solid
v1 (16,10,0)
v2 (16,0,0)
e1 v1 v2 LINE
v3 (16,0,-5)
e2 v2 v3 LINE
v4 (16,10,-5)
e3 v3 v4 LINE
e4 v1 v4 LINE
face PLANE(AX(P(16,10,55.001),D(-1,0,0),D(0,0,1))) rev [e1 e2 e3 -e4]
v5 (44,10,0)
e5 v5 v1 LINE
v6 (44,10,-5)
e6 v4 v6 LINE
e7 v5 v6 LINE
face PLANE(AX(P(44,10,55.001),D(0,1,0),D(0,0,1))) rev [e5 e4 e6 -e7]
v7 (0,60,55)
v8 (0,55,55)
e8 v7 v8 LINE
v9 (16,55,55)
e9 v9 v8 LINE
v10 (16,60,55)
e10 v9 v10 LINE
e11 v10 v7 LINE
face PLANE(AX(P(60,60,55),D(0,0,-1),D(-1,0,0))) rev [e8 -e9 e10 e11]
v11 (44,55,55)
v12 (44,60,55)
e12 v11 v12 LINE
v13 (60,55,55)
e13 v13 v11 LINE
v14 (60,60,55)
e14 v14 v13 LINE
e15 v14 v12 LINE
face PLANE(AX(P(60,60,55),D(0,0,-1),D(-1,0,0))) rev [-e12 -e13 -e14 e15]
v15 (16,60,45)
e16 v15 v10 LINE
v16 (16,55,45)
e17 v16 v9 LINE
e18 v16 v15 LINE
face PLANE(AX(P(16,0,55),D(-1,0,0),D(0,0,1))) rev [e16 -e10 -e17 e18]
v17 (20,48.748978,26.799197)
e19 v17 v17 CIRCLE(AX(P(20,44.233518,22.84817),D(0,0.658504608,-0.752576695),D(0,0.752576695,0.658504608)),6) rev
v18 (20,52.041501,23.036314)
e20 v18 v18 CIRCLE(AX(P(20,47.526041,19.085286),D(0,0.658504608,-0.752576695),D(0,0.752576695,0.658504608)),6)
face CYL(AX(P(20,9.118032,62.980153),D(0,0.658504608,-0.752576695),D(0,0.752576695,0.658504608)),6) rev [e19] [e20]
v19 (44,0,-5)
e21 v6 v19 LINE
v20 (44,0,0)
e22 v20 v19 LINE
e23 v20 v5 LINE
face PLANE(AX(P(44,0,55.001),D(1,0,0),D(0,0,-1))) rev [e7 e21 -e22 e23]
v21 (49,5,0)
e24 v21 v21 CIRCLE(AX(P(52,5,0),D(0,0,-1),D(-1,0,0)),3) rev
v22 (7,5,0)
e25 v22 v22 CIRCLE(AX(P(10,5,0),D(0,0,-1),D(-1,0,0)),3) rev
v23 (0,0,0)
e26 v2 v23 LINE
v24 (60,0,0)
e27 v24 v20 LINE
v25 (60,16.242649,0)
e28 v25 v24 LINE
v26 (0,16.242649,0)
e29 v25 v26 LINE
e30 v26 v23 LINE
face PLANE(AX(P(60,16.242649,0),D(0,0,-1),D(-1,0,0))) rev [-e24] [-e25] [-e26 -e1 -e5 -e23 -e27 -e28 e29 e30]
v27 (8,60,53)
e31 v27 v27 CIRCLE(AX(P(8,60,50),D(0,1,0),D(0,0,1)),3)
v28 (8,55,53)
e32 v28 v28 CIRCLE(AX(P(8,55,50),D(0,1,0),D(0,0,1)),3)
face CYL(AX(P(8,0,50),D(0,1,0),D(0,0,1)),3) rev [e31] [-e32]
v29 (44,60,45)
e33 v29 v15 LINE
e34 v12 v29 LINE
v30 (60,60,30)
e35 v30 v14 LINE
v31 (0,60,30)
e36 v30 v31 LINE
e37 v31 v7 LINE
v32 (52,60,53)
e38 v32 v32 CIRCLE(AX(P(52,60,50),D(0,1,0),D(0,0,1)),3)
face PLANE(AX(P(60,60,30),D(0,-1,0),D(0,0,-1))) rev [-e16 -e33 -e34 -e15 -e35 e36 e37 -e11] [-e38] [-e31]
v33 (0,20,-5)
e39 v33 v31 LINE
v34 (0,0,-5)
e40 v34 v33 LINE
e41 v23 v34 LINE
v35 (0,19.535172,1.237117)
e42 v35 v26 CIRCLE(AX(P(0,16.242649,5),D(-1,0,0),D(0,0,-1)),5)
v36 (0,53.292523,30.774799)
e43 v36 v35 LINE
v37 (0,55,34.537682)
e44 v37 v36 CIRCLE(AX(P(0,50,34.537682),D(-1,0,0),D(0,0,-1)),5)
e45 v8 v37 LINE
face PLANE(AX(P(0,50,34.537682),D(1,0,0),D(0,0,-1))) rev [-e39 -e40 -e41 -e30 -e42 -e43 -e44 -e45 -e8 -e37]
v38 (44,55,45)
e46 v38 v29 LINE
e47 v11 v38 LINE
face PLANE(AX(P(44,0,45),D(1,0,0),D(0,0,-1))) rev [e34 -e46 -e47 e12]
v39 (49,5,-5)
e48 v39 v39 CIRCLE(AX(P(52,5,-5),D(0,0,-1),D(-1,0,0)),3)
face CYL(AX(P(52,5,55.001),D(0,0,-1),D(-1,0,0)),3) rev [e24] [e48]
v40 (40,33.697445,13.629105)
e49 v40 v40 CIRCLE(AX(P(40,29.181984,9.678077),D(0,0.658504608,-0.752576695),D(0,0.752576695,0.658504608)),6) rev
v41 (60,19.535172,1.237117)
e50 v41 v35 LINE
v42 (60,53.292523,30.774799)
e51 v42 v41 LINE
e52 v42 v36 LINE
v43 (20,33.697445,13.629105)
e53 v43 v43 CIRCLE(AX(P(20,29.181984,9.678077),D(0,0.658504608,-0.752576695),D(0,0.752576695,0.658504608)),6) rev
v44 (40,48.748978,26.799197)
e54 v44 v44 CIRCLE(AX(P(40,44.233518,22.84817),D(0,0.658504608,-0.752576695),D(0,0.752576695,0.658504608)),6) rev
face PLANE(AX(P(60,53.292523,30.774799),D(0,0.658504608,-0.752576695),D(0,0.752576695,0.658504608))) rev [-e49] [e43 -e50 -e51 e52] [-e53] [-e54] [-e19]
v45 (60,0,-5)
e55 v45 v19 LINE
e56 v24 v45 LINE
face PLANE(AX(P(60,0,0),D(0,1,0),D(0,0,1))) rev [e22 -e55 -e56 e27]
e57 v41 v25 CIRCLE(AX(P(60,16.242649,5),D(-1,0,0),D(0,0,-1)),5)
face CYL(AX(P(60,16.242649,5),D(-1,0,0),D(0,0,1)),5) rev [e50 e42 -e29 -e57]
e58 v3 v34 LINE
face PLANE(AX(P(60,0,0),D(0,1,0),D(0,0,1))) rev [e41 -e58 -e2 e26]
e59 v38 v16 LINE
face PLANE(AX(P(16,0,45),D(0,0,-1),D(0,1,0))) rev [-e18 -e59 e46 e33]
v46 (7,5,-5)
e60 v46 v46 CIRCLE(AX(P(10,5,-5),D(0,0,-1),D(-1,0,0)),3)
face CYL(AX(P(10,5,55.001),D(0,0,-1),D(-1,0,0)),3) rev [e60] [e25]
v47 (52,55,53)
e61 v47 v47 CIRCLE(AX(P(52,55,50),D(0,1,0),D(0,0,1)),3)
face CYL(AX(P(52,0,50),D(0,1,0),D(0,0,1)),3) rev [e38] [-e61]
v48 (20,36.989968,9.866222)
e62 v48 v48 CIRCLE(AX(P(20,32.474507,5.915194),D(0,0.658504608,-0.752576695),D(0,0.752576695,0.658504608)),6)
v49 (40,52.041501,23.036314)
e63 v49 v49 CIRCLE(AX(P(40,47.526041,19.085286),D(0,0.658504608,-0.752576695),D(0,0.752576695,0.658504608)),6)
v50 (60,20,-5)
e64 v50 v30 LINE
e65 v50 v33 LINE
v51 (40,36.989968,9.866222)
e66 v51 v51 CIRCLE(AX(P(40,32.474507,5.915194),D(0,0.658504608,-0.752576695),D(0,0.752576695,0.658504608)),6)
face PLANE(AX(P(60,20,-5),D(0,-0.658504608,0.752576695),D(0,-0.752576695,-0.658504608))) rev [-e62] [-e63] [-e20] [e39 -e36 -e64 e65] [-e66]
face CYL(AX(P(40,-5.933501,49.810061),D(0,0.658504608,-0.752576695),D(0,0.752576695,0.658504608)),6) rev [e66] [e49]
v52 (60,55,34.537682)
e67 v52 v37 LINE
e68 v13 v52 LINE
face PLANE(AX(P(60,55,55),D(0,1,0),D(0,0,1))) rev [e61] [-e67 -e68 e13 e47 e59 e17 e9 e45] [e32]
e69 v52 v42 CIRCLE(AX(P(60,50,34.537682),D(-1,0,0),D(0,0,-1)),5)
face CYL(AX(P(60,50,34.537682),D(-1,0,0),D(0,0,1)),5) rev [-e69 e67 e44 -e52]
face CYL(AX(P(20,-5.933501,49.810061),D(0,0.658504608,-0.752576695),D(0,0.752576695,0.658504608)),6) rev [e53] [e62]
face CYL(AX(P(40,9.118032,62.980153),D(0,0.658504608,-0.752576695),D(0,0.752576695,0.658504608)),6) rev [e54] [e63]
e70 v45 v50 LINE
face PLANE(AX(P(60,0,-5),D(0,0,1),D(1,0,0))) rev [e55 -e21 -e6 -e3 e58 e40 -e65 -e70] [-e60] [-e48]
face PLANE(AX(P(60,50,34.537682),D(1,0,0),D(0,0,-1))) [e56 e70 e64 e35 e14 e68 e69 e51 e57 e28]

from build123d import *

# Parameters (mm, degrees)
BOSS_EXTRUDE1_DEPTH = 60
CUT_EXTRUDE1_REACH  = 104.837
SKETCH2_R           = 6
CUT_EXTRUDE2_REACH  = 105.923
SKETCH3_R           = 3
SKETCH3_W           = 28
SKETCH3_H           = 10
SKETCH4_R           = 3
SKETCH4_W           = 28
SKETCH4_H           = 10
CUT_EXTRUDE3_DEPTH  = 60


with BuildPart() as part:
    # Sketch1 → Boss-Extrude1 (new body)
    with BuildSketch(Plane(origin=(0, 0, 0), x_dir=(0, 0, -1), z_dir=(1, 0, 0))):
        with BuildLine():
            Line((-55, 60), (-55, 55))
            Line((-55, 55), (-34.537682266, 55))
            ThreePointArc((-34.537682266, 55), (-32.471600854, 54.55316457), (-30.774798792, 53.292523039))
            Line((-30.774798792, 53.292523039), (-1.237116526, 19.535171878))
            ThreePointArc((-1.237116526, 19.535171878), (-0.31948628, 18.001282205), (0, 16.242648839))
            Line((0, 16.242648839), (0, 0))
            Line((0, 0), (5, 0))
            Line((5, 0), (5, 20))
            Line((5, 20), (-30, 60))
            Line((-30, 60), (-55, 60))
        make_face()
    extrude(amount=BOSS_EXTRUDE1_DEPTH)

    # Sketch2 → Cut-Extrude1 (cut, up to next)
    with BuildSketch(Plane(origin=(0, 11.150442478, -12.743362832), x_dir=(-1, 0, 0), z_dir=(0, 0.6585046078685178, -0.752576694706878)), mode=Mode.PRIVATE) as cut_extrude1_sk1:
        with Locations(Location((-40, 48.334739918, 0), (0, 0, 90))):
            Circle(SKETCH2_R)
    cut_extrude1_tool1 = extrude(cut_extrude1_sk1.sketch, amount=-CUT_EXTRUDE1_REACH, mode=Mode.PRIVATE) & part.part
    # Sketch2 → Cut-Extrude1 (cut, up to next)
    with BuildSketch(Plane(origin=(0, 11.150442478, -12.743362832), x_dir=(-1, 0, 0), z_dir=(0, 0.6585046078685178, -0.752576694706878)), mode=Mode.PRIVATE) as cut_extrude1_sk2:
        with Locations(Location((-40, 28.334739918, 0), (0, 0, 90))):
            Circle(SKETCH2_R)
    cut_extrude1_tool2 = extrude(cut_extrude1_sk2.sketch, amount=-CUT_EXTRUDE1_REACH, mode=Mode.PRIVATE) & part.part
    # Sketch2 → Cut-Extrude1 (cut, up to next)
    with BuildSketch(Plane(origin=(0, 11.150442478, -12.743362832), x_dir=(-1, 0, 0), z_dir=(0, 0.6585046078685178, -0.752576694706878)), mode=Mode.PRIVATE) as cut_extrude1_sk3:
        with Locations(Location((-20, 48.334739918, 0), (0, 0, 90))):
            Circle(SKETCH2_R)
    cut_extrude1_tool3 = extrude(cut_extrude1_sk3.sketch, amount=-CUT_EXTRUDE1_REACH, mode=Mode.PRIVATE) & part.part
    # Sketch2 → Cut-Extrude1 (cut, up to next)
    with BuildSketch(Plane(origin=(0, 11.150442478, -12.743362832), x_dir=(-1, 0, 0), z_dir=(0, 0.6585046078685178, -0.752576694706878)), mode=Mode.PRIVATE) as cut_extrude1_sk4:
        with Locations(Location((-20, 28.334739918, 0), (0, 0, 90))):
            Circle(SKETCH2_R)
    cut_extrude1_tool4 = extrude(cut_extrude1_sk4.sketch, amount=-CUT_EXTRUDE1_REACH, mode=Mode.PRIVATE) & part.part
    add(cut_extrude1_tool1.solids().sort_by_distance((40, 47.526041, 19.085286))[0], mode=Mode.SUBTRACT)
    add(cut_extrude1_tool2.solids().sort_by_distance((40, 32.474507, 5.915194))[0], mode=Mode.SUBTRACT)
    add(cut_extrude1_tool3.solids().sort_by_distance((20, 47.526041, 19.085286))[0], mode=Mode.SUBTRACT)
    add(cut_extrude1_tool4.solids().sort_by_distance((20, 32.474507, 5.915194))[0], mode=Mode.SUBTRACT)

    # Sketch3 → Cut-Extrude2 (cut, up to next)
    with BuildSketch(Plane(origin=(0, 0, -5), x_dir=(-1, 0, 0), z_dir=(0, 0, -1)), mode=Mode.PRIVATE) as cut_extrude2_sk1:
        with Locations((-52, 5)):
            Circle(SKETCH3_R)
    cut_extrude2_tool1 = extrude(cut_extrude2_sk1.sketch, amount=-CUT_EXTRUDE2_REACH, mode=Mode.PRIVATE) & part.part
    # Sketch3 → Cut-Extrude2 (cut, up to next)
    with BuildSketch(Plane(origin=(0, 0, -5), x_dir=(-1, 0, 0), z_dir=(0, 0, -1)), mode=Mode.PRIVATE) as cut_extrude2_sk2:
        with Locations((-10, 5)):
            Circle(SKETCH3_R)
    cut_extrude2_tool2 = extrude(cut_extrude2_sk2.sketch, amount=-CUT_EXTRUDE2_REACH, mode=Mode.PRIVATE) & part.part
    # Sketch3 → Cut-Extrude2 (cut, up to next)
    with BuildSketch(Plane(origin=(0, 0, -5), x_dir=(-1, 0, 0), z_dir=(0, 0, -1)), mode=Mode.PRIVATE) as cut_extrude2_sk3:
        with Locations((-30, 5)):
            Rectangle(SKETCH3_W, SKETCH3_H)
    cut_extrude2_tool3 = extrude(cut_extrude2_sk3.sketch, amount=-CUT_EXTRUDE2_REACH, mode=Mode.PRIVATE) & part.part
    add(cut_extrude2_tool1.solids().sort_by_distance((52, 5, -5))[0], mode=Mode.SUBTRACT)
    add(cut_extrude2_tool2.solids().sort_by_distance((10, 5, -5))[0], mode=Mode.SUBTRACT)
    add(cut_extrude2_tool3.solids().sort_by_distance((30, 5, -5))[0], mode=Mode.SUBTRACT)

    # Sketch4 → Cut-Extrude3 (cut)
    with BuildSketch(Plane(origin=(0, 60, 0), x_dir=(1, 0, 0), z_dir=(0, 1, 0))):
        with Locations(Location((8, -50, 0), (0, 0, 270))):
            Circle(SKETCH4_R)
        with Locations(Location((52, -50, 0), (0, 0, 270))):
            Circle(SKETCH4_R)
        with Locations((30, -50)):
            Rectangle(SKETCH4_W, SKETCH4_H)
    extrude(amount=-CUT_EXTRUDE3_DEPTH, mode=Mode.SUBTRACT)


solid = part.part
